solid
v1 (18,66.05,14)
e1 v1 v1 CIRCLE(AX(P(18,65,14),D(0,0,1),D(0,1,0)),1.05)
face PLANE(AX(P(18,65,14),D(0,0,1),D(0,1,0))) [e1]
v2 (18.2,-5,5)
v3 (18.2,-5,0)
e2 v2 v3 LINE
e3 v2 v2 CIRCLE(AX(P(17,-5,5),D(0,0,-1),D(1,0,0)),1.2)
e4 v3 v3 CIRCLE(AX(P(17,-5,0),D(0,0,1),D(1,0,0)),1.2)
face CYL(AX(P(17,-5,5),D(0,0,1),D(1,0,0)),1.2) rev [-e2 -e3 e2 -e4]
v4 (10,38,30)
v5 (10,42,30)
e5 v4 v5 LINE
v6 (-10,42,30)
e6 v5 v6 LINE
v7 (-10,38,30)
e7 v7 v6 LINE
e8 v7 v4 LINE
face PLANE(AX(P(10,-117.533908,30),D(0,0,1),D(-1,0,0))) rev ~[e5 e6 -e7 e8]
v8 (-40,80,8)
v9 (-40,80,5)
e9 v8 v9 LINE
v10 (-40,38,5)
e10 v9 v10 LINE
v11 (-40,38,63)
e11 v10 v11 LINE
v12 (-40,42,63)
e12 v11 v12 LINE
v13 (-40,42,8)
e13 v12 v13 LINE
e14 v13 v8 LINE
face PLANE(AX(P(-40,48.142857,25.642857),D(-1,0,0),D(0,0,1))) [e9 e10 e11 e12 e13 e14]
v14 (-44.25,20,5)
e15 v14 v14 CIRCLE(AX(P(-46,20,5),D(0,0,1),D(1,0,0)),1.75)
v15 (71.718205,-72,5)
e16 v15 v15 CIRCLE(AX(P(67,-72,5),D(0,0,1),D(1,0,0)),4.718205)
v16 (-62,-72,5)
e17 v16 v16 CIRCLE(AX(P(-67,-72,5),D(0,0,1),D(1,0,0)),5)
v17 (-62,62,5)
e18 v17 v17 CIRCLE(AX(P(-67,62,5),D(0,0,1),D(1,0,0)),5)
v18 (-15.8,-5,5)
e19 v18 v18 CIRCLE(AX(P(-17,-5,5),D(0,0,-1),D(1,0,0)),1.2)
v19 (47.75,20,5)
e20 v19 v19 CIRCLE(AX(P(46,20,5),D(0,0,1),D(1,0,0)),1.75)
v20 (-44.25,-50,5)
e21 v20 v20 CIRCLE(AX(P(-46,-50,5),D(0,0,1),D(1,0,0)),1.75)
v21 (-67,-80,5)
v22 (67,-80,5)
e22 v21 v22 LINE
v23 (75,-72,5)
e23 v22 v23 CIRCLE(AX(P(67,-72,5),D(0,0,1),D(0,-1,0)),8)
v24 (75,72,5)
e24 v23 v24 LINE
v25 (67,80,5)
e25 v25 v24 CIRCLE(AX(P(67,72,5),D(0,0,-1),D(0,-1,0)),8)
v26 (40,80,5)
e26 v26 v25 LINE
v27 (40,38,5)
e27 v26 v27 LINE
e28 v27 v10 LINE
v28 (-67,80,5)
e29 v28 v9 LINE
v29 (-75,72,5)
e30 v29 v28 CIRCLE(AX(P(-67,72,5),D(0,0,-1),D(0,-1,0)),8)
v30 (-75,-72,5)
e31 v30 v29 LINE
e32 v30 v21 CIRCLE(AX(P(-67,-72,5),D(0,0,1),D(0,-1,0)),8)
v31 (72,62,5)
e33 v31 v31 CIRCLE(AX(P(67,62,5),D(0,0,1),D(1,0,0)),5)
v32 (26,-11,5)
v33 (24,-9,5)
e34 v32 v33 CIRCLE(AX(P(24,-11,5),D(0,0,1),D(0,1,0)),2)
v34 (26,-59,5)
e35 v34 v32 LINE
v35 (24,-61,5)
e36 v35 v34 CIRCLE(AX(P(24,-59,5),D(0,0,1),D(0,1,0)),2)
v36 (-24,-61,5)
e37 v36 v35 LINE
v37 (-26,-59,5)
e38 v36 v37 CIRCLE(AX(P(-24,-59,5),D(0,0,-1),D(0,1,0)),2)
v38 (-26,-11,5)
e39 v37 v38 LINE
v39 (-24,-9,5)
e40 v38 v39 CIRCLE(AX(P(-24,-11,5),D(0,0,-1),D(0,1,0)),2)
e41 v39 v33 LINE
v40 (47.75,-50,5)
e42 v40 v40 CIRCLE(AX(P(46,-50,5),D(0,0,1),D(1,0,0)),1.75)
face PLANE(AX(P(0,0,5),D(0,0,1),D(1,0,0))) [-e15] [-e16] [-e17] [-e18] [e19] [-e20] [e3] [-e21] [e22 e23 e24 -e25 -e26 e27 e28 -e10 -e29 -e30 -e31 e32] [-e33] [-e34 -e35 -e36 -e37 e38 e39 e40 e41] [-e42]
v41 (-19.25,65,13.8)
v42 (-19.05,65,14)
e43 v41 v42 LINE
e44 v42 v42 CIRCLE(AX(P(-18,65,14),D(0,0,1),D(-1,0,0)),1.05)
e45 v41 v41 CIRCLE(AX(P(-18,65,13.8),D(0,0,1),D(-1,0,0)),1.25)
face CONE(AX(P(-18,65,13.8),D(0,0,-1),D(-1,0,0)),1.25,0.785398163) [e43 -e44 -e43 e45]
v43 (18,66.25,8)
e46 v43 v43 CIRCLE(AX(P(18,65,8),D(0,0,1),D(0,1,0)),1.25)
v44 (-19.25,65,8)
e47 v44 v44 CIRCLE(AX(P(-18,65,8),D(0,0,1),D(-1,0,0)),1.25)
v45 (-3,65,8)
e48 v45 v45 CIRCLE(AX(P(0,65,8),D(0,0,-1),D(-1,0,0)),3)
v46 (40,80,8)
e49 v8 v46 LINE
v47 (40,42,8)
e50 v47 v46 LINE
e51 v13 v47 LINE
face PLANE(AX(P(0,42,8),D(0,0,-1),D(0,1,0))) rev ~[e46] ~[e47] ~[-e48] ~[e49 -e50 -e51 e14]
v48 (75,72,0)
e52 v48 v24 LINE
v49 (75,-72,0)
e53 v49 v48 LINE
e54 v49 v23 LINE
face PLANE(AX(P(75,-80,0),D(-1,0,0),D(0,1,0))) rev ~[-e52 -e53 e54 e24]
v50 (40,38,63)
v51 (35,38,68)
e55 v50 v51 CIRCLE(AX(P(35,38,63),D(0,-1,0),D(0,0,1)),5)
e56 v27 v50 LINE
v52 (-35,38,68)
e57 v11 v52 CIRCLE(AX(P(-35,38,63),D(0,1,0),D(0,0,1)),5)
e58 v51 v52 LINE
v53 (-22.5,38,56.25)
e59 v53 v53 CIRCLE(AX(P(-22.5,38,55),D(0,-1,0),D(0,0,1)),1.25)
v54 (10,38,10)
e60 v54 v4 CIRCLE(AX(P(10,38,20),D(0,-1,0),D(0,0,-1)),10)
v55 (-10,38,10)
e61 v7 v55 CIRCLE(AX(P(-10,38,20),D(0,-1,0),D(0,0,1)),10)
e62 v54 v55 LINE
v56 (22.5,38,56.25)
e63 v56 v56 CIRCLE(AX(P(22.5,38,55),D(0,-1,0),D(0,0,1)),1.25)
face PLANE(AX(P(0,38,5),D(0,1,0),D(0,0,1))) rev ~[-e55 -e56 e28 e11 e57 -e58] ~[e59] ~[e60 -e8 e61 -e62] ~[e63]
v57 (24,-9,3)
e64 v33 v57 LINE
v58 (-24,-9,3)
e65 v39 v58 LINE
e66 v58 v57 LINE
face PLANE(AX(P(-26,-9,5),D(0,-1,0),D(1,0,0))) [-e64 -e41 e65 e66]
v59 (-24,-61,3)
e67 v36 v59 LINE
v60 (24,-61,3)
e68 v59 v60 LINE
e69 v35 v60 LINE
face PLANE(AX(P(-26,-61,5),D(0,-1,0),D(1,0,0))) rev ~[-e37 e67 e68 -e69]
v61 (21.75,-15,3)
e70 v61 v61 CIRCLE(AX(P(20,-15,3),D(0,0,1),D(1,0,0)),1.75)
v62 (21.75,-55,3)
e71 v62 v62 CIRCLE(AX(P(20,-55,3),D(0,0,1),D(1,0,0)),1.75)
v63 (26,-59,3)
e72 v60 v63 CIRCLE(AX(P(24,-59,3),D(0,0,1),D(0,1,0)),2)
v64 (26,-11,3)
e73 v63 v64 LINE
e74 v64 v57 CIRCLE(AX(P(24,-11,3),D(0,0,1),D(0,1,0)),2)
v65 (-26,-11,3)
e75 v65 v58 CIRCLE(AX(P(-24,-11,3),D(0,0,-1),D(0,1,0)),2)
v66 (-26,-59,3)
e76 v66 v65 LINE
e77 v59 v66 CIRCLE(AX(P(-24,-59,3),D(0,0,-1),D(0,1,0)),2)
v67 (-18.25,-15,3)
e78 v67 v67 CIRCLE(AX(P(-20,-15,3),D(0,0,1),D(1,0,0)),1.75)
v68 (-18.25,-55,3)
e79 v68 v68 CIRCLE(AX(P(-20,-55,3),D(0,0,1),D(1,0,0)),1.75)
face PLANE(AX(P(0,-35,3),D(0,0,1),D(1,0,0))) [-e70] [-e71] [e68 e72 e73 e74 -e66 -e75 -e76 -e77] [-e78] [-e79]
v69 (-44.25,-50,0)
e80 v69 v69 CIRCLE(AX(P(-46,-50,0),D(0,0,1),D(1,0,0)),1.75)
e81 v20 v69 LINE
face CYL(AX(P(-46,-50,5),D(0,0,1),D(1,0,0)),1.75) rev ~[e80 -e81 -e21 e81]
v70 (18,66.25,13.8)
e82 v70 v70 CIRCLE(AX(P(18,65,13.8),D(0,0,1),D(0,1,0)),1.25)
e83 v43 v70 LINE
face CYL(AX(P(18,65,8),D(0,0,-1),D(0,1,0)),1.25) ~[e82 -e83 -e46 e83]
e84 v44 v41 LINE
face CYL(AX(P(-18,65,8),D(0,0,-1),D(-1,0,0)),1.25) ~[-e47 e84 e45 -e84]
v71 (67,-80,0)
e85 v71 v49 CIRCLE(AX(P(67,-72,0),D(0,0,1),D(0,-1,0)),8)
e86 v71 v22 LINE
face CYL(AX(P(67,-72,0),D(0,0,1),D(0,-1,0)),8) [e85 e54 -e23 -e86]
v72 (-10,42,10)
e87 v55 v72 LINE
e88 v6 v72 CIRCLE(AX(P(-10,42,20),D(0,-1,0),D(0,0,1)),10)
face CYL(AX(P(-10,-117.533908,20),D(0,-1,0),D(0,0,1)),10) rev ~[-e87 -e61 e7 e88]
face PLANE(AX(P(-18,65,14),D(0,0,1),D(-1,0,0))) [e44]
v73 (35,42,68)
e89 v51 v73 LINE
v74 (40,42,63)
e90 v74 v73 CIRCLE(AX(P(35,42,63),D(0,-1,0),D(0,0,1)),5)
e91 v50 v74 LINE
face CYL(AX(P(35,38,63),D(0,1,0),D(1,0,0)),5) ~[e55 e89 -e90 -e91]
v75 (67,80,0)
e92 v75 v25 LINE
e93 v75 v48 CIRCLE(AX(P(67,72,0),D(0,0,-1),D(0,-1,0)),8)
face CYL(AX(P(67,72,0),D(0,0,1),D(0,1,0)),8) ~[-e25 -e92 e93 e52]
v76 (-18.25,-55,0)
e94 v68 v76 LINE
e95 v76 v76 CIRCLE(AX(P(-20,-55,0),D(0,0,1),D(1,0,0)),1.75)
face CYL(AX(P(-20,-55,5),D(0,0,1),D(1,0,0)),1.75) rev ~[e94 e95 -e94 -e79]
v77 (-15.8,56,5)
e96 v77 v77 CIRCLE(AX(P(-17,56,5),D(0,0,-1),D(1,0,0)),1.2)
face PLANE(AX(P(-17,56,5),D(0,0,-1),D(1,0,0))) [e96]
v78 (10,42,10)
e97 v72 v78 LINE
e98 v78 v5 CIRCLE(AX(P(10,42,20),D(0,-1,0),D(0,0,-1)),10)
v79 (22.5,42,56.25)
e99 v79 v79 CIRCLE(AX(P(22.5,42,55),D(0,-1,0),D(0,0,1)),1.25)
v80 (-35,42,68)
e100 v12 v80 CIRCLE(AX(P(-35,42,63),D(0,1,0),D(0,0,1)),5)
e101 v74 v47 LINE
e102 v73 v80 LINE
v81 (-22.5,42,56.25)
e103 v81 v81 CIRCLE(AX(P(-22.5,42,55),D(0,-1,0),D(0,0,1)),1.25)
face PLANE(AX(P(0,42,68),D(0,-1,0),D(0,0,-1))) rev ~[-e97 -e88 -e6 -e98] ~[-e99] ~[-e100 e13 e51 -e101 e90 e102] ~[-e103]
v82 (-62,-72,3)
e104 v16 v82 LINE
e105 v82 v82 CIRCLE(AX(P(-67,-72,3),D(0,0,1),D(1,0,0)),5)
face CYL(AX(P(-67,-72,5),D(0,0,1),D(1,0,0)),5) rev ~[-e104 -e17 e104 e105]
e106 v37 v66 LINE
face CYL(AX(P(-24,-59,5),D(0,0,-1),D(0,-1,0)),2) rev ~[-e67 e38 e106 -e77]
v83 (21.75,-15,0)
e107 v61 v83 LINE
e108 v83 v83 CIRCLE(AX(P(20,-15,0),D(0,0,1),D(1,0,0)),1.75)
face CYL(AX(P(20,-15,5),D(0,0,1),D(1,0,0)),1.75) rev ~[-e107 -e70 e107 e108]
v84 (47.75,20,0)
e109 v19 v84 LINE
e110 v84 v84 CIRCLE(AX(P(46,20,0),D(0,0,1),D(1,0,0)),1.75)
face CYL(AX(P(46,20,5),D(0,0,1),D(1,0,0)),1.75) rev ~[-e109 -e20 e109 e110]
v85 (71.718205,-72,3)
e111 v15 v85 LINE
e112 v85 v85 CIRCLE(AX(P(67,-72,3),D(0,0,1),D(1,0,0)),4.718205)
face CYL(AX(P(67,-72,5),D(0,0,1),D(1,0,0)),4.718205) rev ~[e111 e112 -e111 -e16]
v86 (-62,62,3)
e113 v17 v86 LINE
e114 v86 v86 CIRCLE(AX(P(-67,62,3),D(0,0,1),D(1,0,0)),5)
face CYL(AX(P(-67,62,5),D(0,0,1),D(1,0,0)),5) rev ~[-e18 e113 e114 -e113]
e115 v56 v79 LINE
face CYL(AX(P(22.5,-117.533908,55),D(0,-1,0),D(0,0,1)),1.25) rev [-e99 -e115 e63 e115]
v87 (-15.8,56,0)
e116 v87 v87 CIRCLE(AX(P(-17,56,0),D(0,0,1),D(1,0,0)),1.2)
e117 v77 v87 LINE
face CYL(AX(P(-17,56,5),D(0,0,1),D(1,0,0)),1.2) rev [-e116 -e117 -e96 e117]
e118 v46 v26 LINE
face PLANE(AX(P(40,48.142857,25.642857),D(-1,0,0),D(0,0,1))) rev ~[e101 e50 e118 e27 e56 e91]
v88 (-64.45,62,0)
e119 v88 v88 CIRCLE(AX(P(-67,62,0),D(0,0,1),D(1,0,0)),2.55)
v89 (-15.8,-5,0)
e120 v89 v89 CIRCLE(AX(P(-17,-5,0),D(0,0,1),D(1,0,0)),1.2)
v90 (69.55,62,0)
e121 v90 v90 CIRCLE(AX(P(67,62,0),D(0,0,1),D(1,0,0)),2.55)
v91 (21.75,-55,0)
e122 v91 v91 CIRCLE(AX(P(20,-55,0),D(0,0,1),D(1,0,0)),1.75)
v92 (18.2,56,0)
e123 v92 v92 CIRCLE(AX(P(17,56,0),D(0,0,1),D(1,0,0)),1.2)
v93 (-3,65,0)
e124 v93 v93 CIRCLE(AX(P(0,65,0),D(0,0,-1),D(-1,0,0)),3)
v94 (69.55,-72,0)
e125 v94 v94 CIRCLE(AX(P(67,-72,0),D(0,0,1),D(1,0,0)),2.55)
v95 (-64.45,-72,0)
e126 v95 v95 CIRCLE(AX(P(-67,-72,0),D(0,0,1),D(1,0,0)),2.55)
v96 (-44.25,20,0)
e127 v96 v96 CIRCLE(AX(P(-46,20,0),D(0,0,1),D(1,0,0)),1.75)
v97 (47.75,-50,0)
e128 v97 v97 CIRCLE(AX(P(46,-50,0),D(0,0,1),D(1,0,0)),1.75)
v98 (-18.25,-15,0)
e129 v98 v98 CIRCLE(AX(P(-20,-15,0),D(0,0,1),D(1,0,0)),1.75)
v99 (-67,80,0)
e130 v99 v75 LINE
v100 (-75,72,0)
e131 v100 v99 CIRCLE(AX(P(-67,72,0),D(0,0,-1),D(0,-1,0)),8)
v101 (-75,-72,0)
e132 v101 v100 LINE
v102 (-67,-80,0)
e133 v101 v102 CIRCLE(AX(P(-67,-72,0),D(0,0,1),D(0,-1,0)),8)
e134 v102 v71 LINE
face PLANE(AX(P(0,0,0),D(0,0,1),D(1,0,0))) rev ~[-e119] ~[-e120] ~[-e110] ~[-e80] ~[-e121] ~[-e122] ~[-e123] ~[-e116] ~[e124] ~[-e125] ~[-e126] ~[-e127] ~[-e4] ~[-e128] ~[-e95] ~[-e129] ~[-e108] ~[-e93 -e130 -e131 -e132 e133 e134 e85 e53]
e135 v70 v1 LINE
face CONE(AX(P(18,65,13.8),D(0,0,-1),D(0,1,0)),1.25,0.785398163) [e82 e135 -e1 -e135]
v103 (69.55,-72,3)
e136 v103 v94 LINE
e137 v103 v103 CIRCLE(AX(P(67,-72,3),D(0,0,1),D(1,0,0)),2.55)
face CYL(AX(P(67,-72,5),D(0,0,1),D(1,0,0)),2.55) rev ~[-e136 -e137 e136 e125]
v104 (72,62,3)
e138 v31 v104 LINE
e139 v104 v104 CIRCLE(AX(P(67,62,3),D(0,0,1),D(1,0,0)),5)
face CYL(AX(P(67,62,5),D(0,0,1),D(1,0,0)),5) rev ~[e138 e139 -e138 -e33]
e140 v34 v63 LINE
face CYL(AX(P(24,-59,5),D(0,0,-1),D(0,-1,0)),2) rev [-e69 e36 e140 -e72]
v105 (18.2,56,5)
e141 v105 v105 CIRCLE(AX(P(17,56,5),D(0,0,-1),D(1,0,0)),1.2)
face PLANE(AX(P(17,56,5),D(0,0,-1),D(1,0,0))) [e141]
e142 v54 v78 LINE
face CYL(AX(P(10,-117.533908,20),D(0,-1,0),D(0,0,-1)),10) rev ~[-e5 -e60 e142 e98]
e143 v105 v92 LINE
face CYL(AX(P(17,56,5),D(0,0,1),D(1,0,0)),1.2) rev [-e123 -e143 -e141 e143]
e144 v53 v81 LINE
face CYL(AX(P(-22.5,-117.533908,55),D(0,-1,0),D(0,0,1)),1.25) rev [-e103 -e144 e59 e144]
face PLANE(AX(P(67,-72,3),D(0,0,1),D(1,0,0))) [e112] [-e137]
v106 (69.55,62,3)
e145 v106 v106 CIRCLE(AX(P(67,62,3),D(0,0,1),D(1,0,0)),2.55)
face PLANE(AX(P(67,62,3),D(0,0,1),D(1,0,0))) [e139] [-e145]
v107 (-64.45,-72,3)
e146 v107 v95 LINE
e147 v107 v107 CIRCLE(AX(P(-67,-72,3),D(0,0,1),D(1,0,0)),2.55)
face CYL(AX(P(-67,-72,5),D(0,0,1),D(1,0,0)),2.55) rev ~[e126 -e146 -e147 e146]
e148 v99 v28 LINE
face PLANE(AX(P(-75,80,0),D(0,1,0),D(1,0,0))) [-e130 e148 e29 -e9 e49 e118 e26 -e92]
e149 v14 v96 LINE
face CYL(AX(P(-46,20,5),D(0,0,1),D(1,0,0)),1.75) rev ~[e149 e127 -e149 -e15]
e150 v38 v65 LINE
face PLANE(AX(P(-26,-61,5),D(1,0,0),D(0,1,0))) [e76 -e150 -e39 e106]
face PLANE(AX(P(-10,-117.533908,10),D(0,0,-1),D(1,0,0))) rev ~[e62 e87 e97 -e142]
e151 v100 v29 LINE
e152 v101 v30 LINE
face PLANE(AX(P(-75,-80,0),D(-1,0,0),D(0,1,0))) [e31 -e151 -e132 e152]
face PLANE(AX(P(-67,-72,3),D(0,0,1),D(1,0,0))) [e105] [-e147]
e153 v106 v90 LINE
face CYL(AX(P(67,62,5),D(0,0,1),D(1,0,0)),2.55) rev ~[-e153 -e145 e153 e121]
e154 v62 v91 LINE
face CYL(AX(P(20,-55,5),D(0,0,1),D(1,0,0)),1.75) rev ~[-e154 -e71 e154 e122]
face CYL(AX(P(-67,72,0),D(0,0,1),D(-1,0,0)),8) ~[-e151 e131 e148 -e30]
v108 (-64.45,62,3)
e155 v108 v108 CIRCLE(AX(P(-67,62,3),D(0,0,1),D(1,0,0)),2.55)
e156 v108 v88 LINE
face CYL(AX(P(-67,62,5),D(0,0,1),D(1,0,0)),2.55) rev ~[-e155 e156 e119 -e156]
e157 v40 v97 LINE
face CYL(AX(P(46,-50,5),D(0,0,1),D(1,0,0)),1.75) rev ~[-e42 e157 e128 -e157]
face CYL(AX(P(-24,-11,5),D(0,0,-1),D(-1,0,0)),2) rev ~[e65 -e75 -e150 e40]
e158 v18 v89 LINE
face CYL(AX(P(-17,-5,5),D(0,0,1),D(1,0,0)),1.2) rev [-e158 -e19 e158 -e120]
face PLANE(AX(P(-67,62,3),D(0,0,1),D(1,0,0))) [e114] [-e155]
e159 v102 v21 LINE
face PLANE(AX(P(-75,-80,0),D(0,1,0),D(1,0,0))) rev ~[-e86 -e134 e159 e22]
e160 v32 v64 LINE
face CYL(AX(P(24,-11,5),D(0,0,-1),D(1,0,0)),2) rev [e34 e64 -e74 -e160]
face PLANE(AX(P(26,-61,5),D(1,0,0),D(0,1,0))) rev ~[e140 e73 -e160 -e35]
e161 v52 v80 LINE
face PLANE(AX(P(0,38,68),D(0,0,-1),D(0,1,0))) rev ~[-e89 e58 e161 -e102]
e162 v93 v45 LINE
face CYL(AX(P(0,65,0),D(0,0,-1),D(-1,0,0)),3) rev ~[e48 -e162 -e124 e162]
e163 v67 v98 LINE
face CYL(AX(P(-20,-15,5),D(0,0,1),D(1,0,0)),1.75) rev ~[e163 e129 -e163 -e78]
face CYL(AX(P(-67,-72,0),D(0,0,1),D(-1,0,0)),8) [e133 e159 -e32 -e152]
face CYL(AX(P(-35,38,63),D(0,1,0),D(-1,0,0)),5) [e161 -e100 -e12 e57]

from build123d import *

# Parameters (mm, degrees)
SKETCH_1_W                = 150
SKETCH_1_H                = 160
EXTRUDE_1_DEPTH           = 5
SKETCH_2_R                = 1.75
CUT_EXTRUDE_1_DEPTH       = 110.772492001
SKETCH_3_R                = 1.75
CUT_EXTRUDE_2_DEPTH       = 110.772492001
SKETCH_4_R                = 2.55
CUT_EXTRUDE_3_DEPTH       = 7
FILLET_1_R                = 8
SKETCH_5_R                = 2.55
CUT_EXTRUDE_4_DEPTH       = 110.772492001
EXTRUDE_2_DEPTH           = 40
SKETCH_7_R                = 5
SKETCH_7_R_2              = 4.71820485
CUT_EXTRUDE_5_DEPTH       = 2
CUT_EXTRUDE_6_DEPTH       = 159.533908045
CUT_EXTRUDE_6_DEPTH_BACK  = 159.533908045
SKETCH_9_R                = 1.25
CUT_EXTRUDE_7_DEPTH       = 159.533908045
CUT_EXTRUDE_7_DEPTH_BACK  = 159.533908045
SKETCH_11_R               = 3
CUT_EXTRUDE_8_DEPTH       = 130.031004026
SKETCH_12_R               = 1.25
EXTRUDE_3_DEPTH           = 6
SKETCH_13_W               = 52
SKETCH_13_H               = 52
CUT_EXTRUDE_9_DEPTH       = 2
CUT_EXTRUDE_10_DEPTH      = 130.031004026
CUT_EXTRUDE_10_DEPTH_BACK = 5
SKETCH_14_R               = 1.2
FILLET_2_R                = 2
FILLET_3_R                = 5
CHAMFER_1_SIZE            = 0.2


with BuildPart() as part:
    # 草图1 → 凸台-拉伸1 (new body)
    with BuildSketch(Plane.XY):
        Rectangle(SKETCH_1_W, SKETCH_1_H)
    extrude(amount=EXTRUDE_1_DEPTH)

    # 草图2 → 切除-拉伸1 (cut, through all)
    with BuildSketch(Plane.XY.offset(5)):
        with Locations((-20, -15)):
            Circle(SKETCH_2_R)
        with Locations((20, -15)):
            Circle(SKETCH_2_R)
        with Locations((20, -55)):
            Circle(SKETCH_2_R)
        with Locations((-20, -55)):
            Circle(SKETCH_2_R)
    extrude(amount=-CUT_EXTRUDE_1_DEPTH, mode=Mode.SUBTRACT)

    # 草图3 → 切除-拉伸2 (cut, through all)
    with BuildSketch(Plane.XY.offset(5)):
        with Locations((46, 20)):
            Circle(SKETCH_3_R)
        with Locations((46, -50)):
            Circle(SKETCH_3_R)
        with Locations((-46, -50)):
            Circle(SKETCH_3_R)
        with Locations((-46, 20)):
            Circle(SKETCH_3_R)
    extrude(amount=-CUT_EXTRUDE_2_DEPTH, mode=Mode.SUBTRACT)

    # 草图4 → 切除-拉伸3 (cut)
    with BuildSketch(Plane.XY.offset(5)):
        with Locations((-67, -72)):
            Circle(SKETCH_4_R)
        with Locations((67, -72)):
            Circle(SKETCH_4_R)
        with Locations((-67, 62)):
            Circle(SKETCH_4_R)
        with Locations((67, 62)):
            Circle(SKETCH_4_R)
    extrude(amount=-CUT_EXTRUDE_3_DEPTH, mode=Mode.SUBTRACT)

    # 圆角1
    fillet_1_edges = [part.edges().sort_by_distance(p)[0] for p in [
        (75, -80, 2.5),
        (-75, -80, 2.5),
        (-75, 80, 2.5),
        (75, 80, 2.5),
    ]]
    fillet(fillet_1_edges, radius=FILLET_1_R)

    # 草图5 → 切除-拉伸4 (cut, through all)
    with BuildSketch(Plane.XY.offset(5)):
        with Locations((0, 65)):
            Circle(SKETCH_5_R)
    extrude(amount=-CUT_EXTRUDE_4_DEPTH, mode=Mode.SUBTRACT)

    # 草图6 → 凸台-拉伸2 (add, symmetric)
    with BuildSketch(Plane(origin=(0, 0, 0), x_dir=(0, 0, -1), z_dir=(1, 0, 0))):
        Polygon((-5, 80), (-5, 38), (-68, 38), (-68, 42), (-8, 42), (-8, 80), align=None)
    extrude(amount=EXTRUDE_2_DEPTH, both=True)

    # 草图7 → 切除-拉伸5 (cut)
    with BuildSketch(Plane.XY.offset(5)):
        with Locations((67, 62)):
            Circle(SKETCH_7_R)
        with Locations((-67, 62)):
            Circle(SKETCH_7_R)
        with Locations((67, -72)):
            Circle(SKETCH_7_R_2)
        with Locations((-67, -72)):
            Circle(SKETCH_7_R)
    extrude(amount=-CUT_EXTRUDE_5_DEPTH, mode=Mode.SUBTRACT)

    # 草图9 → 切除-拉伸6 (cut, two sides: drawn at the far end of the back side and taken through both)
    with BuildSketch(Plane(origin=(0, 42, 0), x_dir=(1, 0, 0), z_dir=(0, 1, 0)).offset(-CUT_EXTRUDE_6_DEPTH_BACK)):
        with Locations(Location((22.5, -55, 0), (0, 0, 270))):
            Circle(SKETCH_9_R)
        with Locations(Location((-22.5, -55, 0), (0, 0, 270))):
            Circle(SKETCH_9_R)
    extrude(amount=CUT_EXTRUDE_6_DEPTH + CUT_EXTRUDE_6_DEPTH_BACK, mode=Mode.SUBTRACT)

    # 草图10 → 切除-拉伸7 (cut, two sides: drawn at the far end of the back side and taken through both)
    with BuildSketch(Plane(origin=(0, 42, 0), x_dir=(1, 0, 0), z_dir=(0, 1, 0)).offset(-CUT_EXTRUDE_7_DEPTH_BACK)):
        with BuildLine():
            Line((10, -30), (-10, -30))
            ThreePointArc((-10, -30), (-20, -20), (-10, -10))
            Line((-10, -10), (10, -10))
            ThreePointArc((10, -10), (20, -20), (10, -30))
        make_face()
    extrude(amount=CUT_EXTRUDE_7_DEPTH + CUT_EXTRUDE_7_DEPTH_BACK, mode=Mode.SUBTRACT)

    # 草图11 → 切除-拉伸8 (cut, through all)
    with BuildSketch(Plane(origin=(0, 0, 0), x_dir=(-1, 0, 0), z_dir=(0, 0, -1))):
        with Locations((0, 65)):
            Circle(SKETCH_11_R)
    extrude(amount=-CUT_EXTRUDE_8_DEPTH, mode=Mode.SUBTRACT)

    # 草图12 → 凸台-拉伸3 (add)
    with BuildSketch(Plane.XY.offset(8)):
        with Locations(Location((18, 65, 0), (0, 0, 90))):
            Circle(SKETCH_12_R)
        with Locations(Location((-18, 65, 0), (0, 0, 180))):
            Circle(SKETCH_12_R)
    extrude(amount=EXTRUDE_3_DEPTH)

    # 草图13 → 切除-拉伸9 (cut)
    with BuildSketch(Plane.XY.offset(5)):
        with Locations((0, -35)):
            Rectangle(SKETCH_13_W, SKETCH_13_H)
    extrude(amount=-CUT_EXTRUDE_9_DEPTH, mode=Mode.SUBTRACT)

    # 草图14 → 切除-拉伸10 (cut, two sides: drawn at the far end of the back side and taken through both)
    with BuildSketch(Plane(origin=(0, 0, 0), x_dir=(-1, 0, 0), z_dir=(0, 0, -1)).offset(-CUT_EXTRUDE_10_DEPTH_BACK)):
        with Locations(Location((17, -5, 0), (0, 0, 180))):
            Circle(SKETCH_14_R)
        with Locations(Location((17, 56, 0), (0, 0, 180))):
            Circle(SKETCH_14_R)
        with Locations(Location((-17, 56, 0), (0, 0, 180))):
            Circle(SKETCH_14_R)
        with Locations(Location((-17, -5, 0), (0, 0, 180))):
            Circle(SKETCH_14_R)
    extrude(amount=CUT_EXTRUDE_10_DEPTH + CUT_EXTRUDE_10_DEPTH_BACK, mode=Mode.SUBTRACT)

    # 圆角2
    fillet_2_edges = [part.edges().sort_by_distance(p)[0] for p in [
        (26, -9, 4),
        (26, -61, 4),
        (-26, -61, 4),
        (-26, -9, 4),
    ]]
    fillet(fillet_2_edges, radius=FILLET_2_R)

    # 圆角3
    fillet_3_edges = [part.edges().sort_by_distance(p)[0] for p in [
        (-40, 40, 68),
        (40, 40, 68),
    ]]
    fillet(fillet_3_edges, radius=FILLET_3_R)

    # 倒角1
    chamfer_1_edges = [part.edges().sort_by_distance(p)[0] for p in [
        (18, 63.75, 14),
        (-16.75, 65, 14),
    ]]
    chamfer(chamfer_1_edges, length=CHAMFER_1_SIZE)


solid = part.part
